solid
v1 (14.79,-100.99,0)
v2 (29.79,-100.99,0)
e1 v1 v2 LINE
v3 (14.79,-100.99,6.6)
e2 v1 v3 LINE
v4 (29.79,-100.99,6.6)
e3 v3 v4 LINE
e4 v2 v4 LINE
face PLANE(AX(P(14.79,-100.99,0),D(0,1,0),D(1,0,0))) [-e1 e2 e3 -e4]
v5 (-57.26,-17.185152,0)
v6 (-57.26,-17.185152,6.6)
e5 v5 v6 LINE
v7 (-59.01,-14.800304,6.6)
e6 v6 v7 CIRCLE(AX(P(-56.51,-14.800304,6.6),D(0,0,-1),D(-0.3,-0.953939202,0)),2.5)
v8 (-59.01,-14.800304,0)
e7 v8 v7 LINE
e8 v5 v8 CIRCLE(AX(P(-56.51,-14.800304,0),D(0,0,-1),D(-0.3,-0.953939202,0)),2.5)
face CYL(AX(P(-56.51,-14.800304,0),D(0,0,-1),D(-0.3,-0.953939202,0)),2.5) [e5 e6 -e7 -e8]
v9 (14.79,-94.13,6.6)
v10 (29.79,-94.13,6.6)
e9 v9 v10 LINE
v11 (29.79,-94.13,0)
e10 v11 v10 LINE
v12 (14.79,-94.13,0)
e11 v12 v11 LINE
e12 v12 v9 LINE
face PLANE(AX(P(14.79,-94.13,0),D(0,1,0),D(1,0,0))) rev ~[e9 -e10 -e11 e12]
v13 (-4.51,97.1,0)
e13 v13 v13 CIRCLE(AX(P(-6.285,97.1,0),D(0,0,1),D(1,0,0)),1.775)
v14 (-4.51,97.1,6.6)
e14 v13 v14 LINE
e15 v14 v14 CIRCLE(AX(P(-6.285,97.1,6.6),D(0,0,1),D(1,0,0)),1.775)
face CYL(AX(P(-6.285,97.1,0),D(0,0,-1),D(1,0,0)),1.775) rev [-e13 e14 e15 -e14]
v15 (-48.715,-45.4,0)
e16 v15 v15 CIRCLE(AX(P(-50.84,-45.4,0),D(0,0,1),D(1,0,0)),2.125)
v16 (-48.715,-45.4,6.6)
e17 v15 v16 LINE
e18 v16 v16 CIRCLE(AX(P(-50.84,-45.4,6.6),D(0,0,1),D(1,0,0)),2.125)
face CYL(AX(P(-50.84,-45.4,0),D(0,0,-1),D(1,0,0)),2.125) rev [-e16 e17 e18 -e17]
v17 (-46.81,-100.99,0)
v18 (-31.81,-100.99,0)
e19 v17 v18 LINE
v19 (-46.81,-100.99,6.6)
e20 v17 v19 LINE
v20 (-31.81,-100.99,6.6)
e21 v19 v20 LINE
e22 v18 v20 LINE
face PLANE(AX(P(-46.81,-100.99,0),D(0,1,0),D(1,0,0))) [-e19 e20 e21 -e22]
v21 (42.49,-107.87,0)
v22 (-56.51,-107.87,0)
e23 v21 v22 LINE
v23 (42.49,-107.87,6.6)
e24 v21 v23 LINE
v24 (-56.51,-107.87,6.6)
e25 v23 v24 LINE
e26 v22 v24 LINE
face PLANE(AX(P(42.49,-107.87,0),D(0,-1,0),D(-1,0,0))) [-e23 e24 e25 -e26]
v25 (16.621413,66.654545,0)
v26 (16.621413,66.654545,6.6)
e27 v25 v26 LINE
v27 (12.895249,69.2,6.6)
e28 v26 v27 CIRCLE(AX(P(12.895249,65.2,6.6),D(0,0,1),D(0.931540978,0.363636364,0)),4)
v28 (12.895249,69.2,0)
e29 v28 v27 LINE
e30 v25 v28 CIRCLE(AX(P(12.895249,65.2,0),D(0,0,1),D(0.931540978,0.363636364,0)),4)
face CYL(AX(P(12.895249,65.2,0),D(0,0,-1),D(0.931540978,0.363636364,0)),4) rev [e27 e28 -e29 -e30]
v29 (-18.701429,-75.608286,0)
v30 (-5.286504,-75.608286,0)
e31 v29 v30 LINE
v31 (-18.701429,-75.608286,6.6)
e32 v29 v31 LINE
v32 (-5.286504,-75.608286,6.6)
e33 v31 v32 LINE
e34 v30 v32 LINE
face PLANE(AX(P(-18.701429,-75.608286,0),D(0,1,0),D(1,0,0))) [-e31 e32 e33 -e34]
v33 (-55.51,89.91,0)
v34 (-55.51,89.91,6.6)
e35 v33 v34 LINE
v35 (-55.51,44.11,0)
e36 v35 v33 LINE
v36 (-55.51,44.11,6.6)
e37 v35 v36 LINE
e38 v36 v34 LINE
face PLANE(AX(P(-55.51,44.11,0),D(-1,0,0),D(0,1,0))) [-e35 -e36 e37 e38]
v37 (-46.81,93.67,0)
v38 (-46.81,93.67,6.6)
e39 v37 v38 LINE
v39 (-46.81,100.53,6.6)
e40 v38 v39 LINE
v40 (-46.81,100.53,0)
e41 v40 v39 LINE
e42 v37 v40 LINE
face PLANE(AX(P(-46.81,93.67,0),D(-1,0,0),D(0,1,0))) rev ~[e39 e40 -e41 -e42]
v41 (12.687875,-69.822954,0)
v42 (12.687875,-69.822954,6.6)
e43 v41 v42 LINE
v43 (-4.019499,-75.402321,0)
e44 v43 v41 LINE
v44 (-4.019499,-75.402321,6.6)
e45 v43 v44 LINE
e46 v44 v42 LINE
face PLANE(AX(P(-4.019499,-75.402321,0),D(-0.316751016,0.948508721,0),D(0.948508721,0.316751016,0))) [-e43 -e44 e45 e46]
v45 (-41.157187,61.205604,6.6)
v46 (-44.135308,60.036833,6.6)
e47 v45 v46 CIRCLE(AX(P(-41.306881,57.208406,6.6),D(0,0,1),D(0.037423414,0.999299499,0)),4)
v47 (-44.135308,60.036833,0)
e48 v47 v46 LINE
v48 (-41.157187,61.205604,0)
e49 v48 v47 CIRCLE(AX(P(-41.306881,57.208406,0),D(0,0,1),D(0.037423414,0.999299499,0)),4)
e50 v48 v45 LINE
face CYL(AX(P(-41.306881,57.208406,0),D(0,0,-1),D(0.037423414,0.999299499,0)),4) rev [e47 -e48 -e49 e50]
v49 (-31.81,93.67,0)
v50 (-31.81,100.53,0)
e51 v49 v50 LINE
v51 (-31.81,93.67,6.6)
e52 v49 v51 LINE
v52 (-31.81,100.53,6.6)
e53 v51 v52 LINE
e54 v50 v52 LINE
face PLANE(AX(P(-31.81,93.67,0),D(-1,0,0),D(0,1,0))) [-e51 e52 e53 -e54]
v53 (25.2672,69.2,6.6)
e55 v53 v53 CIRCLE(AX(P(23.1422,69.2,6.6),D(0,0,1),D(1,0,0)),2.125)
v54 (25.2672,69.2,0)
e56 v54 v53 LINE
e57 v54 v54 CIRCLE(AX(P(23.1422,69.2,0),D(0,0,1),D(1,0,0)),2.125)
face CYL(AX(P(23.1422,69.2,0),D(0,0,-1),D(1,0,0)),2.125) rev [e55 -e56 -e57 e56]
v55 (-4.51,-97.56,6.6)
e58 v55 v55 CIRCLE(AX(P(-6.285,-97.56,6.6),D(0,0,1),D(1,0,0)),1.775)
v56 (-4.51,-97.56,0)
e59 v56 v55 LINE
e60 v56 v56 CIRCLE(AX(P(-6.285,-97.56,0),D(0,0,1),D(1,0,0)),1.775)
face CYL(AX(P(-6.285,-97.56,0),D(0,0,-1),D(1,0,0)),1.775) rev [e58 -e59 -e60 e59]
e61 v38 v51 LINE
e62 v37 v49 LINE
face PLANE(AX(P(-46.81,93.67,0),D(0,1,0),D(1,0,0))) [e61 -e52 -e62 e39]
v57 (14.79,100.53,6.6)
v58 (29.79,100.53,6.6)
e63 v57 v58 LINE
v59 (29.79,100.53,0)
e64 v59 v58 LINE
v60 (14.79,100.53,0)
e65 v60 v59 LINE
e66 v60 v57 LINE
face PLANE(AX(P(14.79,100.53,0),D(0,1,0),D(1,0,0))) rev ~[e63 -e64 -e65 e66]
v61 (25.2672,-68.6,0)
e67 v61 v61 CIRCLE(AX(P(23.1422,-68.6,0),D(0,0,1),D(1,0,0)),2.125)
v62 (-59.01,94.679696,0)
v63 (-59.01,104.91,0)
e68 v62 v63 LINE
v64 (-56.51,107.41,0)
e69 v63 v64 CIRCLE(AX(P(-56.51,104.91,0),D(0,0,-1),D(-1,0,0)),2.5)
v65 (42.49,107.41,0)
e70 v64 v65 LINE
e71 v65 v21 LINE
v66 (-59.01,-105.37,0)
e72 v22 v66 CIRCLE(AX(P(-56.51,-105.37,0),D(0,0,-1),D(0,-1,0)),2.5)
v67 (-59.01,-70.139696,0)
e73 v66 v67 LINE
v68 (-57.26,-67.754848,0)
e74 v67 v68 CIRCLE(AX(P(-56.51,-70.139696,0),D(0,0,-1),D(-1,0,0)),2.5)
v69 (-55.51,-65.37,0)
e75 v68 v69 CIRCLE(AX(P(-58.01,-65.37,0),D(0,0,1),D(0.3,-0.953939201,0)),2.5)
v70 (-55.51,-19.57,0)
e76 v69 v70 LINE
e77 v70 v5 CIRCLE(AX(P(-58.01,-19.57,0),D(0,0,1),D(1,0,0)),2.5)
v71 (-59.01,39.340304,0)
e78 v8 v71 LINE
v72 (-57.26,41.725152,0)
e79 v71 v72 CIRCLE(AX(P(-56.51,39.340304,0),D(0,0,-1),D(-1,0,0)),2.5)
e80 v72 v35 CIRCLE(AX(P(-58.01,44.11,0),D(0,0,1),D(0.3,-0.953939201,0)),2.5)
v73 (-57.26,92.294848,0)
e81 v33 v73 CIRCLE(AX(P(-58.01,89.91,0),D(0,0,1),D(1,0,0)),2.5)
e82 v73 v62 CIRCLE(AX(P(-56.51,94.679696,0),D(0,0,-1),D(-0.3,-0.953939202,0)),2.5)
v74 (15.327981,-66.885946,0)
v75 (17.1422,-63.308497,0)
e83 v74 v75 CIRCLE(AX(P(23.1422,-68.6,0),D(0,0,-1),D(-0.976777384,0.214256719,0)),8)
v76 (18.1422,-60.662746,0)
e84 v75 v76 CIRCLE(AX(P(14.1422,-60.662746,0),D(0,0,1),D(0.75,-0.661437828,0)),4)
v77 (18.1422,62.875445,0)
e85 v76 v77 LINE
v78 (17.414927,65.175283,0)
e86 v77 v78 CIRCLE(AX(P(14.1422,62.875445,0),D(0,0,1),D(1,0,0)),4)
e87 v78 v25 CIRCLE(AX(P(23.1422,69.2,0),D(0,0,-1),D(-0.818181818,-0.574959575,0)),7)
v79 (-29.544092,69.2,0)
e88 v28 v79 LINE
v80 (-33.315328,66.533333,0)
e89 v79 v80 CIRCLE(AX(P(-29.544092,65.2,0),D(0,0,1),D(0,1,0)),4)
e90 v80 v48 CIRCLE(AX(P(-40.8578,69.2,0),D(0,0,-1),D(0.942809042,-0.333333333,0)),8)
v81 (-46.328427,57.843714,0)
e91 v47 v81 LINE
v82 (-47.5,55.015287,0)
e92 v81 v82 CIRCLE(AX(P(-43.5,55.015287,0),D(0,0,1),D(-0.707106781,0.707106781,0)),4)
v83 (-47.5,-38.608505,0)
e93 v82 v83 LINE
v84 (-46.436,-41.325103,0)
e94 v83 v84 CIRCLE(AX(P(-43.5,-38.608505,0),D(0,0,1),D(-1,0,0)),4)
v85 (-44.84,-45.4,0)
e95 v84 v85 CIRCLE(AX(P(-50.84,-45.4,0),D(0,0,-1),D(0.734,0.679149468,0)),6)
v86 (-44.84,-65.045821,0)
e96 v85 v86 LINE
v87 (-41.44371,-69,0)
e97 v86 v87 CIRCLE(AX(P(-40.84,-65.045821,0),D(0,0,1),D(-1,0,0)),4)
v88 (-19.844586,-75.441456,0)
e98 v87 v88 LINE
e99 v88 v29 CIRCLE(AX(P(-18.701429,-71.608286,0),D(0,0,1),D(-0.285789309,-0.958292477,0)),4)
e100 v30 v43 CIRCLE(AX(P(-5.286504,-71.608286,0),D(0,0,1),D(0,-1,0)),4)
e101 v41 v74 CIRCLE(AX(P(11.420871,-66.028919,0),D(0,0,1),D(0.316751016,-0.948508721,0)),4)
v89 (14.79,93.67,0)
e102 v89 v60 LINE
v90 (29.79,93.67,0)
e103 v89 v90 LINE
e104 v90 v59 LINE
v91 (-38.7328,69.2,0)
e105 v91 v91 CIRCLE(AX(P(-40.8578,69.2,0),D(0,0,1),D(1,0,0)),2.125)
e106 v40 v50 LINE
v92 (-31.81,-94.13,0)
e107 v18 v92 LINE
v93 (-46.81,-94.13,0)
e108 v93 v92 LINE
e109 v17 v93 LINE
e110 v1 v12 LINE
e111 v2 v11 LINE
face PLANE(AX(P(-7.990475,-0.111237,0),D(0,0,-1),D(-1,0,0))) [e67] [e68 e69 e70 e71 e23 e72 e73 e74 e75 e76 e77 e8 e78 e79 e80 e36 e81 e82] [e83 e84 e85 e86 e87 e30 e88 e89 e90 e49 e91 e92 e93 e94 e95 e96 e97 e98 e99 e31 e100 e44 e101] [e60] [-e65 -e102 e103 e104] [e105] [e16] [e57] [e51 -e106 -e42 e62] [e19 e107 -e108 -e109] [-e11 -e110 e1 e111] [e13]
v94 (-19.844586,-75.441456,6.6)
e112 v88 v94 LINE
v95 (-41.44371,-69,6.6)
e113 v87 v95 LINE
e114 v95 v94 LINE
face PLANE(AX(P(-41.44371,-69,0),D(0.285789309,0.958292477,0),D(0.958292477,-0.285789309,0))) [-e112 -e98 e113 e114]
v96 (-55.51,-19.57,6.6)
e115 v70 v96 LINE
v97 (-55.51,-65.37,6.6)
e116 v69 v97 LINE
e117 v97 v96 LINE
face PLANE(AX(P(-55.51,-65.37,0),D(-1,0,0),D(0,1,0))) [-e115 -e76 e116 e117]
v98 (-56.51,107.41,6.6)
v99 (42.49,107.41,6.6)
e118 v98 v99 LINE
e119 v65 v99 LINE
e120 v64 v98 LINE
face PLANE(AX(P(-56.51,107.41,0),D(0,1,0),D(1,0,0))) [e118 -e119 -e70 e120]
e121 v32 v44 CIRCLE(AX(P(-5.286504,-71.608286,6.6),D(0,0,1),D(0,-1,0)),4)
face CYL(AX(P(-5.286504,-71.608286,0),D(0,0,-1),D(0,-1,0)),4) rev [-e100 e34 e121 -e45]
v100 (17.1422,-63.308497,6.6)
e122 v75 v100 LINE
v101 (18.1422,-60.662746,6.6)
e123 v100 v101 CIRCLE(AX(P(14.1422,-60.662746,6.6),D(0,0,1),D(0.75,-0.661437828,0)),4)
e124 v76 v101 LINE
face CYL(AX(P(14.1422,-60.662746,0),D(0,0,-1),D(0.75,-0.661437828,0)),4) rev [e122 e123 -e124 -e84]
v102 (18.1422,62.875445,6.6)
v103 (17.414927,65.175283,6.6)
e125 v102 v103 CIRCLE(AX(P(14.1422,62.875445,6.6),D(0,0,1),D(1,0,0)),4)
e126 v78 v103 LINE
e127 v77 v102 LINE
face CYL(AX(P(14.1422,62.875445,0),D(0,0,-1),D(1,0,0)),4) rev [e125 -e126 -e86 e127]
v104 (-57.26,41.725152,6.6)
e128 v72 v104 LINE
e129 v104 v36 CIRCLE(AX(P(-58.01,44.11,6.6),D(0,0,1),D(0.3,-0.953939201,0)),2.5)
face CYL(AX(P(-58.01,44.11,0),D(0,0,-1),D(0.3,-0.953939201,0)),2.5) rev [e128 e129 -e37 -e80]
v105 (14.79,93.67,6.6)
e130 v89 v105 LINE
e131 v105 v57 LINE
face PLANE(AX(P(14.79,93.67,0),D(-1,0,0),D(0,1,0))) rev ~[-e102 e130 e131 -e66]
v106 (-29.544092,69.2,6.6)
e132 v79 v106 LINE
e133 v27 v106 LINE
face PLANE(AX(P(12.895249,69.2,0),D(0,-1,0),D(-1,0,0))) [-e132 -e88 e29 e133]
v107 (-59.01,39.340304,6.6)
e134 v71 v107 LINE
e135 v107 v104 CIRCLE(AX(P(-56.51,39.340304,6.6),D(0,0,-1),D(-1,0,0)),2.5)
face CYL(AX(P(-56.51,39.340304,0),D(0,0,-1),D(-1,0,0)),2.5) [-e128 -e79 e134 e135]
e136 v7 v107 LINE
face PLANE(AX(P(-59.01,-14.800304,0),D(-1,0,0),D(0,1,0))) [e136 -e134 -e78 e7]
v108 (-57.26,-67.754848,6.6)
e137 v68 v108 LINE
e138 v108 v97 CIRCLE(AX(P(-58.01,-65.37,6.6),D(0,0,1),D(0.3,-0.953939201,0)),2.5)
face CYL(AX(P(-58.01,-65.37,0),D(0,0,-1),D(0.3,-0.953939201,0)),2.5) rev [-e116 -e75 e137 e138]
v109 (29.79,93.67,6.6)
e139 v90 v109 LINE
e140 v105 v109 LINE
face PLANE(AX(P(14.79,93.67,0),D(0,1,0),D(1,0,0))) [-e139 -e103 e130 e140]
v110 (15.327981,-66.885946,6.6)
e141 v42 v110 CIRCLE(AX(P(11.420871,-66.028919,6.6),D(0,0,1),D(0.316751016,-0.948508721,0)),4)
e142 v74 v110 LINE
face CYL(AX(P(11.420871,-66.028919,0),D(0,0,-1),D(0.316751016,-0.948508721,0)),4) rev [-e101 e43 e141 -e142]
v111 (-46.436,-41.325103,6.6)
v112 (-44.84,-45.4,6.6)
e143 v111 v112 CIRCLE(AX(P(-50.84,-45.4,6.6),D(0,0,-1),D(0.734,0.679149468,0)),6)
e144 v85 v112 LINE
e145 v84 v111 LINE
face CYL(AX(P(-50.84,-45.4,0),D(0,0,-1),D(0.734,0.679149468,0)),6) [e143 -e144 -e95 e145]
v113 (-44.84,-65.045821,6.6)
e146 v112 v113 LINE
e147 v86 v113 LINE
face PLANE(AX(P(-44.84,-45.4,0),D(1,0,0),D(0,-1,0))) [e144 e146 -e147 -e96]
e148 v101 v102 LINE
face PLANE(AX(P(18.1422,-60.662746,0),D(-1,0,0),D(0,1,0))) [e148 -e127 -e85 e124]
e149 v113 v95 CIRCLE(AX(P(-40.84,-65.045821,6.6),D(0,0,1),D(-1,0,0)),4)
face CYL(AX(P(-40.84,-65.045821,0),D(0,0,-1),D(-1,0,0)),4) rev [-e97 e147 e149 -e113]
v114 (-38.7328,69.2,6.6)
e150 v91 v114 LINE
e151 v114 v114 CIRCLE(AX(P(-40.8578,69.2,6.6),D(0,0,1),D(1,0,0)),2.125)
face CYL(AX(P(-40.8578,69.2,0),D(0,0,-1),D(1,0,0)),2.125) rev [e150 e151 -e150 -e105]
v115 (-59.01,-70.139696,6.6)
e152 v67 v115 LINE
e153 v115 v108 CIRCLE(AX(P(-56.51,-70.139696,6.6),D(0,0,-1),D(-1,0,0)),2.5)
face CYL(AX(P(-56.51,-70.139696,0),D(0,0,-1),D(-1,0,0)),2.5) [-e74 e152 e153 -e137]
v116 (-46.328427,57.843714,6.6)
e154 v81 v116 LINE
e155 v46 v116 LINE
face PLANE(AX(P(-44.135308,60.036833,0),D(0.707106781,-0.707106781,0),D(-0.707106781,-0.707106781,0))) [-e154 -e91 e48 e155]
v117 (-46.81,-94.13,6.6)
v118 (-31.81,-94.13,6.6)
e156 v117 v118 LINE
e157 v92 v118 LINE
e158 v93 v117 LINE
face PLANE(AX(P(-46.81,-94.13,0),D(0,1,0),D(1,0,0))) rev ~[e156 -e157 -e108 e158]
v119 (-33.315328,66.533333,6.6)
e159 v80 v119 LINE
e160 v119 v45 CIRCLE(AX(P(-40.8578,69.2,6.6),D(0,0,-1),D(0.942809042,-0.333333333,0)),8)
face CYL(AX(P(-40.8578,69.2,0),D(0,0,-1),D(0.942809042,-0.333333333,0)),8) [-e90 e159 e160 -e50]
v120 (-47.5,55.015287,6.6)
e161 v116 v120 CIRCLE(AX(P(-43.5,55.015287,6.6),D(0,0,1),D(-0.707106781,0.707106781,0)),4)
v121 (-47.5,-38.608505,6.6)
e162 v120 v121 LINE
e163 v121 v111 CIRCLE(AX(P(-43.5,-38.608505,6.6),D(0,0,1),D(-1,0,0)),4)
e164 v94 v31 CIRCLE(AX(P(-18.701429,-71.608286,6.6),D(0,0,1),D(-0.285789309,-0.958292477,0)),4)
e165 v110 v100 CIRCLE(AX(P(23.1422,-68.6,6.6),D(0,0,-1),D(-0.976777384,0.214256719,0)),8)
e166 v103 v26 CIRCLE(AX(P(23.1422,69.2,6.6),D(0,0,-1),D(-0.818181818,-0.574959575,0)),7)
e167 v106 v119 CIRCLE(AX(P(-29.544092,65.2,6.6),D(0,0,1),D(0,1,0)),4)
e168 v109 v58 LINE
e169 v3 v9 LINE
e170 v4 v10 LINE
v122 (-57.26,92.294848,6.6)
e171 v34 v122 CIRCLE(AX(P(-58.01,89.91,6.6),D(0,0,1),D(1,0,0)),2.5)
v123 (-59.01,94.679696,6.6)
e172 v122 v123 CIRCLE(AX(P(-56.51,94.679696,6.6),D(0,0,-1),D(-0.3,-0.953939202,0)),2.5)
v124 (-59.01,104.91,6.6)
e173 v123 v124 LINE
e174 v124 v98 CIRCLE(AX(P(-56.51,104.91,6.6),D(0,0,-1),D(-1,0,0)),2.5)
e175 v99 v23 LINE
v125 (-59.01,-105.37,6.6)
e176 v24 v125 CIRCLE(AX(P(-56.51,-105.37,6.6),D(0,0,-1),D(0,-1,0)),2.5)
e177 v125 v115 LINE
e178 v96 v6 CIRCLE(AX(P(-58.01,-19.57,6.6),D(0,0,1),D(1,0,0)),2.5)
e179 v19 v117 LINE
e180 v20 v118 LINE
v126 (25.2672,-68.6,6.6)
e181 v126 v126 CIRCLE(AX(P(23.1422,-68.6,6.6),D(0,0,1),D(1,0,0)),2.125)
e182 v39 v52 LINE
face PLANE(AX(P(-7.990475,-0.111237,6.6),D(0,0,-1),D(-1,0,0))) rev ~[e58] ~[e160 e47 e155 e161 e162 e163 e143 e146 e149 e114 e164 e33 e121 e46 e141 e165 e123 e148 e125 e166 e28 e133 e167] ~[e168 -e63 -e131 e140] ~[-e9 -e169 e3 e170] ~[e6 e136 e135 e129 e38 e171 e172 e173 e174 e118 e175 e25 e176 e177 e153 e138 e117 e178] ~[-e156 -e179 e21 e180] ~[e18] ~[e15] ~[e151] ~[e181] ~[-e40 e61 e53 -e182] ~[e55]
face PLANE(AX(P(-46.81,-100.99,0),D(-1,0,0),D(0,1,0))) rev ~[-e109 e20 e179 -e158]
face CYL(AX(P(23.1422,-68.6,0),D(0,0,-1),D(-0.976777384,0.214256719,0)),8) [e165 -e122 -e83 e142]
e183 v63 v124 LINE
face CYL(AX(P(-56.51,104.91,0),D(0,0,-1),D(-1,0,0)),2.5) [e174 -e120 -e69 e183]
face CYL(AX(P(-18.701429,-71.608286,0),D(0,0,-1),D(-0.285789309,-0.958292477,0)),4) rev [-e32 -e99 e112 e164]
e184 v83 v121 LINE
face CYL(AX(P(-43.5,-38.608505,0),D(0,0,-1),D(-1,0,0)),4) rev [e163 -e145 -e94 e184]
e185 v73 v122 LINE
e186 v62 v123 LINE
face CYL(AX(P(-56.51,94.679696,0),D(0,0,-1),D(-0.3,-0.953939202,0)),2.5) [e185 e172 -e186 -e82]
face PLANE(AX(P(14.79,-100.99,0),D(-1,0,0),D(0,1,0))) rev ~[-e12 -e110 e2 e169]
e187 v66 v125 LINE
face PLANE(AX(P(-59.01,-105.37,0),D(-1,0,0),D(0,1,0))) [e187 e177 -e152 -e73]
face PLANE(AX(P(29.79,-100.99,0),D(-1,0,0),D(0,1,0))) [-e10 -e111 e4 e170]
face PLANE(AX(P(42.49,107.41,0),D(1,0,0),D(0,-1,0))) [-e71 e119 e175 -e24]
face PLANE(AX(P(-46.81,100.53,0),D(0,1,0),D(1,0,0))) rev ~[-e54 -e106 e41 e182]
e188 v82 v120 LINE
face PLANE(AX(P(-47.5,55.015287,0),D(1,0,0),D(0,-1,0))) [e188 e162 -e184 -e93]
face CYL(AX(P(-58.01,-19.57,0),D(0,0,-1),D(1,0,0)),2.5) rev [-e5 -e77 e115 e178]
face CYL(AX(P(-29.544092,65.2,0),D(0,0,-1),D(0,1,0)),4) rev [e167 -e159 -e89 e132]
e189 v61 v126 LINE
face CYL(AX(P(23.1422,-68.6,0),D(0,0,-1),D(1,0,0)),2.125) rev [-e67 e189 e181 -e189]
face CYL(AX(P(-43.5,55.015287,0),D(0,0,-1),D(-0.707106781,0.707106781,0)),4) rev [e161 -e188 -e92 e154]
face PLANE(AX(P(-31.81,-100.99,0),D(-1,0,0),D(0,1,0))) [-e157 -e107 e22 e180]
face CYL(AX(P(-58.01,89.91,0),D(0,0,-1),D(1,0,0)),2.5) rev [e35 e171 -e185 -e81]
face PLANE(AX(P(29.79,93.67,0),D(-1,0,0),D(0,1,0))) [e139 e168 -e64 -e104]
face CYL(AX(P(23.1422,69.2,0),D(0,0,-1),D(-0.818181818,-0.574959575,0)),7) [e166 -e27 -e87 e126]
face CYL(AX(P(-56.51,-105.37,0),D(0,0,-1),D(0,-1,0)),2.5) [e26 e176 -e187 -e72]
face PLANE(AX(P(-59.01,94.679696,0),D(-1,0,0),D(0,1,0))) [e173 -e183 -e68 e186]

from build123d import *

# Parameters (mm, degrees)
MODEL_R             = 2.125
MODEL_R_2           = 1.775
MODEL_W             = 15
MODEL_H             = 6.86
BOSS_EXTRUDE1_DEPTH = 6.6


with BuildPart() as part:
    # Model → Boss-Extrude1 (new body)
    with BuildSketch(Plane.XY):
        with BuildLine():
            Line((-55.51, -65.37), (-55.51, -19.57))
            ThreePointArc((-55.51, -19.57), (-55.994435563, -18.090980054), (-57.26, -17.185151996))
            ThreePointArc((-57.26, -17.185151996), (-58.525564437, -16.279323939), (-59.01, -14.800303993))
            Line((-59.01, -14.800303993), (-59.01, 39.340303993))
            ThreePointArc((-59.01, 39.340303993), (-58.525564437, 40.819323939), (-57.26, 41.725151996))
            ThreePointArc((-57.26, 41.725151996), (-55.994435563, 42.630980054), (-55.51, 44.11))
            Line((-55.51, 44.11), (-55.51, 89.91))
            ThreePointArc((-55.51, 89.91), (-55.994435563, 91.389019946), (-57.26, 92.294848004))
            ThreePointArc((-57.26, 92.294848004), (-58.525564437, 93.200676061), (-59.01, 94.679696007))
            Line((-59.01, 94.679696007), (-59.01, 104.91))
            ThreePointArc((-59.01, 104.91), (-58.277766953, 106.677766953), (-56.51, 107.41))
            Line((-56.51, 107.41), (42.49, 107.41))
            Line((42.49, 107.41), (42.49, -107.87))
            Line((42.49, -107.87), (-56.51, -107.87))
            ThreePointArc((-56.51, -107.87), (-58.277766953, -107.137766953), (-59.01, -105.37))
            Line((-59.01, -105.37), (-59.01, -70.139696007))
            ThreePointArc((-59.01, -70.139696007), (-58.525564437, -68.660676061), (-57.26, -67.754848004))
            ThreePointArc((-57.26, -67.754848004), (-55.994435563, -66.849019946), (-55.51, -65.37))
        make_face()
        with Locations((-50.84, -45.4)):
            Circle(MODEL_R, mode=Mode.SUBTRACT)
        with Locations((23.1422, 69.2)):
            Circle(MODEL_R, mode=Mode.SUBTRACT)
        with Locations((-40.8578, 69.2)):
            Circle(MODEL_R, mode=Mode.SUBTRACT)
        with Locations((23.1422, -68.6)):
            Circle(MODEL_R, mode=Mode.SUBTRACT)
        with Locations((-6.285, -97.56)):
            Circle(MODEL_R_2, mode=Mode.SUBTRACT)
        with Locations((-6.285, 97.1)):
            Circle(MODEL_R_2, mode=Mode.SUBTRACT)
        with BuildLine():
            Line((-44.84, -45.4), (-44.84, -65.045820713))
            ThreePointArc((-44.84, -65.045820713), (-43.874373192, -67.652078439), (-41.443710334, -69))
            Line((-41.443710334, -69), (-19.844586098, -75.441455972))
            ThreePointArc((-19.844586098, -75.441455972), (-19.279062125, -75.566358805), (-18.701428861, -75.608286065))
            Line((-18.701428861, -75.608286065), (-5.286503503, -75.608286065))
            ThreePointArc((-5.286503503, -75.608286065), (-4.644685592, -75.556459031), (-4.01949944, -75.402320949))
            Line((-4.01949944, -75.402320949), (12.687875453, -69.822954253))
            ThreePointArc((12.687875453, -69.822954253), (14.395659936, -68.702986141), (15.327980927, -66.885946246))
            ThreePointArc((15.327980927, -66.885946246), (16.007236983, -64.981671277), (17.1422, -63.308497378))
            ThreePointArc((17.1422, -63.308497378), (17.883857387, -62.076959629), (18.1422, -60.662746067))
            Line((18.1422, -60.662746067), (18.1422, 62.87544468))
            ThreePointArc((18.1422, 62.87544468), (17.956050357, 64.081490058), (17.414927273, 65.175282978))
            ThreePointArc((17.414927273, 65.175282978), (16.973667336, 65.891041739), (16.621413149, 66.654545455))
            ThreePointArc((16.621413149, 66.654545455), (15.151553533, 68.502891295), (12.895249234, 69.2))
            Line((12.895249234, 69.2), (-29.544091501, 69.2))
            ThreePointArc((-29.544091501, 69.2), (-31.853492578, 68.465986324), (-33.315327667, 66.533333333))
            ThreePointArc((-33.315327667, 66.533333333), (-36.362052556, 62.582730554), (-41.157187314, 61.205604011))
            ThreePointArc((-41.157187314, 61.205604011), (-42.768185041, 60.931924569), (-44.135308096, 60.036833141))
            Line((-44.135308096, 60.036833141), (-46.328427125, 57.843714112))
            ThreePointArc((-46.328427125, 57.843714112), (-47.19551813, 56.546020717), (-47.5, 55.015286987))
            Line((-47.5, 55.015286987), (-47.5, -38.608505319))
            ThreePointArc((-47.5, -38.608505319), (-47.224513391, -40.067271921), (-46.436, -41.325103191))
            ThreePointArc((-46.436, -41.325103191), (-45.253229913, -43.211850097), (-44.84, -45.4))
        make_face(mode=Mode.SUBTRACT)
        with Locations((-39.31, 97.1)):
            Rectangle(MODEL_W, MODEL_H, mode=Mode.SUBTRACT)
        with Locations((22.29, 97.1)):
            Rectangle(MODEL_W, MODEL_H, mode=Mode.SUBTRACT)
        with Locations((-39.31, -97.56)):
            Rectangle(MODEL_W, MODEL_H, mode=Mode.SUBTRACT)
        with Locations((22.29, -97.56)):
            Rectangle(MODEL_W, MODEL_H, mode=Mode.SUBTRACT)
    extrude(amount=BOSS_EXTRUDE1_DEPTH)


solid = part.part
